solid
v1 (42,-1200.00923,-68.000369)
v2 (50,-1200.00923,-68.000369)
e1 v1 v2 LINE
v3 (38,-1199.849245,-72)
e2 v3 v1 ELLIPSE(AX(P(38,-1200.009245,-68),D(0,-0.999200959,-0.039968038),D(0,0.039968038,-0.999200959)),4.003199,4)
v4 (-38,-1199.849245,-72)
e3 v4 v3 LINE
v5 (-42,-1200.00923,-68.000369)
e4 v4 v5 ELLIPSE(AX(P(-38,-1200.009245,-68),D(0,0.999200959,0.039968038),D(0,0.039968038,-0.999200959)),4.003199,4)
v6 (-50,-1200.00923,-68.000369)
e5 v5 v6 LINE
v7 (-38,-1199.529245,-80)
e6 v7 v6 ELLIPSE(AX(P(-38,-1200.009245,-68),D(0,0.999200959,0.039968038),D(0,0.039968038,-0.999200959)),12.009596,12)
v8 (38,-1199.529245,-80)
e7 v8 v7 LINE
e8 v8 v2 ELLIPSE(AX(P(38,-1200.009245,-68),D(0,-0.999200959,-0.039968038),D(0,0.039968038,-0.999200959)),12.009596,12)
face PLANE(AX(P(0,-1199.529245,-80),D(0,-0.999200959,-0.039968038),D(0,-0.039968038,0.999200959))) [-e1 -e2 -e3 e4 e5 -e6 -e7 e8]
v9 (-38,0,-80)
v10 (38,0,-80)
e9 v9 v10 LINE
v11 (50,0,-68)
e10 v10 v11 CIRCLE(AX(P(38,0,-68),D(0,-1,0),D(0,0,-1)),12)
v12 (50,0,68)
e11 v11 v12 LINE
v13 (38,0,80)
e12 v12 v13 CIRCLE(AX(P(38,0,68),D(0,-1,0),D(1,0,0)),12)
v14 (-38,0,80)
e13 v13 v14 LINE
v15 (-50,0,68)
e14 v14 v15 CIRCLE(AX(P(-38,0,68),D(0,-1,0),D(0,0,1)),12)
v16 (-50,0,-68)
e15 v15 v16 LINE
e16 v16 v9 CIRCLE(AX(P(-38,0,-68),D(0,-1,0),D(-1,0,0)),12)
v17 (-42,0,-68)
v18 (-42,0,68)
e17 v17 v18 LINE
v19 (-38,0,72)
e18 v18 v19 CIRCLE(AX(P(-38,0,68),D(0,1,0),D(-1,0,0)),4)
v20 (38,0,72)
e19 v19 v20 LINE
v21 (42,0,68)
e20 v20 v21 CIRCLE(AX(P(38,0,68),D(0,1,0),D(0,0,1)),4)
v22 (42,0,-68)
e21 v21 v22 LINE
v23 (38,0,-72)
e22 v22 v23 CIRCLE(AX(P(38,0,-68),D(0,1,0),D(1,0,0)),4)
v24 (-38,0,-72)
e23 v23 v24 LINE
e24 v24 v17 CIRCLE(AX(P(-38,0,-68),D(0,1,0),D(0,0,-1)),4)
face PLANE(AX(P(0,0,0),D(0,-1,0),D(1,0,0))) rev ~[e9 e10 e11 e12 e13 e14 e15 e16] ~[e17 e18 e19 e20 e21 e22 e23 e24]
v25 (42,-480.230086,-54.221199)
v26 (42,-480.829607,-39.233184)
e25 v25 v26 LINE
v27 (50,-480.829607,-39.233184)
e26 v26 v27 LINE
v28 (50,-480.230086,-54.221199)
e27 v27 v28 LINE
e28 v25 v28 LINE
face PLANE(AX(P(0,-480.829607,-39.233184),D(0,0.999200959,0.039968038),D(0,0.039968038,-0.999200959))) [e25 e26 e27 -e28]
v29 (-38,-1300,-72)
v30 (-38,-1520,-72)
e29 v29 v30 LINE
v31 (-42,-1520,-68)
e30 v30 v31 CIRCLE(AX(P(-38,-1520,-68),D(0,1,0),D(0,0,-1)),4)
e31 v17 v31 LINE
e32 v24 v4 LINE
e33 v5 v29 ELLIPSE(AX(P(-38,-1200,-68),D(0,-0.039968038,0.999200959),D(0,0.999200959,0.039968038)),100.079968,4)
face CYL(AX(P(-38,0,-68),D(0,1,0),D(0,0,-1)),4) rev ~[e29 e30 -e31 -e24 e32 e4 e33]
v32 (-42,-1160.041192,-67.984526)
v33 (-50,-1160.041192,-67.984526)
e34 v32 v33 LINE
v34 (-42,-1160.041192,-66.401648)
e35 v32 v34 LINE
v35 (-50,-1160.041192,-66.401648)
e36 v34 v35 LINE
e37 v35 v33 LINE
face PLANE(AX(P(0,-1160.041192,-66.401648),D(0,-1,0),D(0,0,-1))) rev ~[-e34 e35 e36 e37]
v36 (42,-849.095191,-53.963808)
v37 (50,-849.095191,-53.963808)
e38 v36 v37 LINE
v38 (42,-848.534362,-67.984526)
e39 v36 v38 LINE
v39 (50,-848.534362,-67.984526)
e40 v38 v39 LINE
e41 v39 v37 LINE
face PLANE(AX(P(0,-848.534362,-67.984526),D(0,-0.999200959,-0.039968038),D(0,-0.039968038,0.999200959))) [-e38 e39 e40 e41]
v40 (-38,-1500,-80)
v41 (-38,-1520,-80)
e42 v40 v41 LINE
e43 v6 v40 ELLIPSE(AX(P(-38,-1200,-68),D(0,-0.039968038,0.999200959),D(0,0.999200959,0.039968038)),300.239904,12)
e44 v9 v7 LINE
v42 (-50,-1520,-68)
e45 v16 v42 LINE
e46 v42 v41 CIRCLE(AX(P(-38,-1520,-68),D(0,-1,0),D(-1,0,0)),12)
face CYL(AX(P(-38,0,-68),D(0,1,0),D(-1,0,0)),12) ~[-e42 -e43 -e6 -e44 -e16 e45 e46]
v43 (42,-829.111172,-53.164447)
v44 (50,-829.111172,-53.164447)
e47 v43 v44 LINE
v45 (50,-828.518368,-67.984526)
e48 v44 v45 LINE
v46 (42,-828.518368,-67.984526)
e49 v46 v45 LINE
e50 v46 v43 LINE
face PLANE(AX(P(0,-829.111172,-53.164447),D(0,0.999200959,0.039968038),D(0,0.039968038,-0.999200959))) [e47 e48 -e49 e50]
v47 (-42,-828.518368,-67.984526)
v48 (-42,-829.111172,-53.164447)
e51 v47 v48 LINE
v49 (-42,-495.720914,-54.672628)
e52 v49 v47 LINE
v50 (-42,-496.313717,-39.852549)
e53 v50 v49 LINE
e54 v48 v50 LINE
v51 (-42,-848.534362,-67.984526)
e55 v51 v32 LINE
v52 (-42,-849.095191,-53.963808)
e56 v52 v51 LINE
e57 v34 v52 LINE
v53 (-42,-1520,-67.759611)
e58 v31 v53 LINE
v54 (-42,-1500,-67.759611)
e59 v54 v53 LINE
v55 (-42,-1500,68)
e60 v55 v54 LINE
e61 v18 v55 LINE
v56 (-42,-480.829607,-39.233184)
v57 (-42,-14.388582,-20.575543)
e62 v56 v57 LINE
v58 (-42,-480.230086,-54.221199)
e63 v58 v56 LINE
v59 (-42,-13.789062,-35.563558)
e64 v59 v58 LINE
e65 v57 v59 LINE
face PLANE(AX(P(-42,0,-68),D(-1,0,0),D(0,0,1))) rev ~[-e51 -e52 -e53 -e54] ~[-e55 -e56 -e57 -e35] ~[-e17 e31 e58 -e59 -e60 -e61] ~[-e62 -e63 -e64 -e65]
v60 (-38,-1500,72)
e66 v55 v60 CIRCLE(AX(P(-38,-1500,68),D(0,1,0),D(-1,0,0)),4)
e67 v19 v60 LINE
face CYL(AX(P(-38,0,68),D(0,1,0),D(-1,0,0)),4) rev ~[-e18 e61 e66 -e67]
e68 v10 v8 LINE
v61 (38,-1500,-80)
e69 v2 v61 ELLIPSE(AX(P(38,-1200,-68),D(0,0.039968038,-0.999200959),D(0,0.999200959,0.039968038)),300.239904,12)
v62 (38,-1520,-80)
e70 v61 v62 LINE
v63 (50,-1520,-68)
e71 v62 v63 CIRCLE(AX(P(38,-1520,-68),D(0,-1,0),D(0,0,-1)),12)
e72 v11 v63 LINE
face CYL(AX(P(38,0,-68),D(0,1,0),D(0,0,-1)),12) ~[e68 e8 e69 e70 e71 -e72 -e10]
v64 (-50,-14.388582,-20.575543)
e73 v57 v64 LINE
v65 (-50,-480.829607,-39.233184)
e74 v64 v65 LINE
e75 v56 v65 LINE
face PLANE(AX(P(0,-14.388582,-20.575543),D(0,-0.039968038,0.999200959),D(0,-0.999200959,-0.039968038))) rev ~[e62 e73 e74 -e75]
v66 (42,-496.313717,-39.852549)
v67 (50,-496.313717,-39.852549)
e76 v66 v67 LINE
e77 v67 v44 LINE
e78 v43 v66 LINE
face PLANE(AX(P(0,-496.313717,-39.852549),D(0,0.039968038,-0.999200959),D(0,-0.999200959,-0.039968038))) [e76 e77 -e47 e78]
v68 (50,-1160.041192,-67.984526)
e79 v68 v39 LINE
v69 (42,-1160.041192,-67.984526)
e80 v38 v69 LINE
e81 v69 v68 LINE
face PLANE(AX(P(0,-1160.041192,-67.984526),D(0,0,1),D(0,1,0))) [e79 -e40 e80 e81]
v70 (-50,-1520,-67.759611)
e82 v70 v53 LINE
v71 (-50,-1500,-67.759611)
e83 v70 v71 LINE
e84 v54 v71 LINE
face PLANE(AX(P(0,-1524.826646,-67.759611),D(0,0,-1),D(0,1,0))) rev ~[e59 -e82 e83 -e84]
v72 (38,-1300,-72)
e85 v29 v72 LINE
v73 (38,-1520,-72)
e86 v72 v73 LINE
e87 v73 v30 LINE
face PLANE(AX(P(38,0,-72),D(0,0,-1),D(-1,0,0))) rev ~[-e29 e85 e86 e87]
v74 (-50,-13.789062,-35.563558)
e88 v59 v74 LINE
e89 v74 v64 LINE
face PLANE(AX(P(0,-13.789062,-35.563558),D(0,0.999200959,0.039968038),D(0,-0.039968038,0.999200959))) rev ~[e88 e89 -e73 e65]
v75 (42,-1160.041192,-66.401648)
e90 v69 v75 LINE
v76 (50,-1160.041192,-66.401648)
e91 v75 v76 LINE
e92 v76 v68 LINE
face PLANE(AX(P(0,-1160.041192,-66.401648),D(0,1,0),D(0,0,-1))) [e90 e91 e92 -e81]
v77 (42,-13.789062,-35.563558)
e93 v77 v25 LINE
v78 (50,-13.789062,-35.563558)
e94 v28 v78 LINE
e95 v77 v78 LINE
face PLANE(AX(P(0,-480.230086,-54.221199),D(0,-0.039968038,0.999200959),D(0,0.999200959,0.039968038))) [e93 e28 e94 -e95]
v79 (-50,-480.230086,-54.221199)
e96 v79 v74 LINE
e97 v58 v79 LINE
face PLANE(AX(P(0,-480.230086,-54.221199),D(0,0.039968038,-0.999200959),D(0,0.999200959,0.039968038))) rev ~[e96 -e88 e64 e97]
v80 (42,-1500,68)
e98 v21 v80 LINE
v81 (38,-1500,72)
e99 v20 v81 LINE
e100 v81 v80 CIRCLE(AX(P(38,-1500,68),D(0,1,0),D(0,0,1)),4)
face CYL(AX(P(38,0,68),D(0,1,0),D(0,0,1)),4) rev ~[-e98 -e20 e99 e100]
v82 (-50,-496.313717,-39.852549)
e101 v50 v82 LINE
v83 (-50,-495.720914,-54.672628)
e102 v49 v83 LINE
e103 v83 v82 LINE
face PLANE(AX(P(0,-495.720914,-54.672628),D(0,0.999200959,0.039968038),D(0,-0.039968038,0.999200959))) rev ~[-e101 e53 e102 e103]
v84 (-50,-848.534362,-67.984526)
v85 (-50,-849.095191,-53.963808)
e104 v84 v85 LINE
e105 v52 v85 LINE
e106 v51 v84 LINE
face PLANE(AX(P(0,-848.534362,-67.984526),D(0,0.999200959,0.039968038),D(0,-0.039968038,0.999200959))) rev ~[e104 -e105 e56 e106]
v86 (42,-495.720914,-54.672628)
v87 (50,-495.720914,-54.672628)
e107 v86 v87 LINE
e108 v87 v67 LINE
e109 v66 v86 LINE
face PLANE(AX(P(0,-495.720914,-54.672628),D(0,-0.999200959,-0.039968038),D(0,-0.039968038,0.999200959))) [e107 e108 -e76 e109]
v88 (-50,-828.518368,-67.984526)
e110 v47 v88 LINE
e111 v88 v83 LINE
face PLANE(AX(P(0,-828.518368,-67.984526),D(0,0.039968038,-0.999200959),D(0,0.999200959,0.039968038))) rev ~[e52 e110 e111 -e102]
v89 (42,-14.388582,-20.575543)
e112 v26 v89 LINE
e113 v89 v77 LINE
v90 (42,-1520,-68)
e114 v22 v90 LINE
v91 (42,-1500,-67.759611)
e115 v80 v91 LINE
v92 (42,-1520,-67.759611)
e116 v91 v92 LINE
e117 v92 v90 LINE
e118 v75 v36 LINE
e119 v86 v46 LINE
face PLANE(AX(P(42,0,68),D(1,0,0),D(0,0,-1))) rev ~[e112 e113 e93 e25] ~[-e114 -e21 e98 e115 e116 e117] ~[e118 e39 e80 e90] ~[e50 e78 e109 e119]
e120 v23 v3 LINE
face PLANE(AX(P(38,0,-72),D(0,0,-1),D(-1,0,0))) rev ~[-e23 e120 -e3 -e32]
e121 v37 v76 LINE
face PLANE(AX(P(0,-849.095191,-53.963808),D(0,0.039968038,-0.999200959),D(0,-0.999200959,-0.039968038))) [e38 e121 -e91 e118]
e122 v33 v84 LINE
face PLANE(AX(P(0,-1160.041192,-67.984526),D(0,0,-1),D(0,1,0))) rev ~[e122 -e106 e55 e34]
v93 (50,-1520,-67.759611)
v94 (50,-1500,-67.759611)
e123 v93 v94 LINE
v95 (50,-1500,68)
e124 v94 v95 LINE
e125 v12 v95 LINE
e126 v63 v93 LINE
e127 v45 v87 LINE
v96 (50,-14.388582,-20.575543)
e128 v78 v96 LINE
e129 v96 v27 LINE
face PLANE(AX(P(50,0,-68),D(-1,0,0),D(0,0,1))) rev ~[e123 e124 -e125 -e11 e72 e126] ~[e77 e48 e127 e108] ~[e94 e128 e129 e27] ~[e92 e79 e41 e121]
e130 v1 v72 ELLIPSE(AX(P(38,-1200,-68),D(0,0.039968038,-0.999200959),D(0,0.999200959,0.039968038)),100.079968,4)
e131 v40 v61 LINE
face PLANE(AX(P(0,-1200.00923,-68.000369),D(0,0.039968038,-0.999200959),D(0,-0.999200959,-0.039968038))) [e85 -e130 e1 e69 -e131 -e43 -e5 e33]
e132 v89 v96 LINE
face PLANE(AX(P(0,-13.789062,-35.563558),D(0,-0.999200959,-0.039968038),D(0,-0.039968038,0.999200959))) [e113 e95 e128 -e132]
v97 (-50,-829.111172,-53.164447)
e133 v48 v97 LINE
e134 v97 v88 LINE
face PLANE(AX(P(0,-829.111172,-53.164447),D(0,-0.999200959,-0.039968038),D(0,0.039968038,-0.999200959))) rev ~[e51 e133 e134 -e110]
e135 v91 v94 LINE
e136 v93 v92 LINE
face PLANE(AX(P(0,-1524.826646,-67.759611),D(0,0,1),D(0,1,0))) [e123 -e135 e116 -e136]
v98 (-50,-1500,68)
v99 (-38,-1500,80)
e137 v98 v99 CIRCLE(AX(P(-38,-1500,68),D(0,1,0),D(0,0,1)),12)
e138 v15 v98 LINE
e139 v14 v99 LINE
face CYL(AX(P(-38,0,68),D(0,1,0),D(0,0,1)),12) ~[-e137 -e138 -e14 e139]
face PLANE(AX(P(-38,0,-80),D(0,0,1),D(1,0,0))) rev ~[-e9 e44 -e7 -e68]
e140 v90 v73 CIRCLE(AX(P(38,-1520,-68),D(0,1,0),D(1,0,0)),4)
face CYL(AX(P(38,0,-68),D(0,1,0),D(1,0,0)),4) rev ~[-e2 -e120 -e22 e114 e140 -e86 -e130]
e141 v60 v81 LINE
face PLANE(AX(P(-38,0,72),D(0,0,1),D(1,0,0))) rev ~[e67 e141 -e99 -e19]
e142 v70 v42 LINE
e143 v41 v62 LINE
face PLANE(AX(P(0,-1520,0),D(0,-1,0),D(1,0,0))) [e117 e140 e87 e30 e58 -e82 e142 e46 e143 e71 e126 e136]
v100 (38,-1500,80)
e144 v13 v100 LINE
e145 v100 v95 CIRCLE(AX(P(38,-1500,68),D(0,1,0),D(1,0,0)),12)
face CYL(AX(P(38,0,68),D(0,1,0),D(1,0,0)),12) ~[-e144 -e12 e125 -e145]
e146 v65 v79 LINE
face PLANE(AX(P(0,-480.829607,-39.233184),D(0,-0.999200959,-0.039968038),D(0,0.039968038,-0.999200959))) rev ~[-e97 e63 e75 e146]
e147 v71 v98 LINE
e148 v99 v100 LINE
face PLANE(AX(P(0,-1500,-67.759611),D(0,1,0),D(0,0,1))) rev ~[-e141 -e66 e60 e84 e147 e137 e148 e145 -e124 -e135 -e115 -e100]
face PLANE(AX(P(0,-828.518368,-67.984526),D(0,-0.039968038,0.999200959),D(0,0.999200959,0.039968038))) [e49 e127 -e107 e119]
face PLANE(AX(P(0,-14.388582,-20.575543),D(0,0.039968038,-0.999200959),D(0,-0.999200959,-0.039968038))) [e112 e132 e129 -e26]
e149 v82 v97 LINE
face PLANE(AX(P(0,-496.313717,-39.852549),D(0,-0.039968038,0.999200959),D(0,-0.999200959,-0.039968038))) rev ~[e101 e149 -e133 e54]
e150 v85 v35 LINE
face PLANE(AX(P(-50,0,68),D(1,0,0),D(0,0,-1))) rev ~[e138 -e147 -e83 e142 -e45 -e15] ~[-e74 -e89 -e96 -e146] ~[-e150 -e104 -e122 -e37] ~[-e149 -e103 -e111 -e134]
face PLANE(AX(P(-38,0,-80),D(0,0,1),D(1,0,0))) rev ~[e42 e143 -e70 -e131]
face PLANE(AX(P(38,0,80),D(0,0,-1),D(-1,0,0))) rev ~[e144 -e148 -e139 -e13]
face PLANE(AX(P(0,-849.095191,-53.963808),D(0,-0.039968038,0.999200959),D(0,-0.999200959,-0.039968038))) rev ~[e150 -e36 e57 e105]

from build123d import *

# Parameters (mm, degrees)
F1_DEPTH      = 1520
F2_W          = 24.8266458511
F2_H          = 153.1557589769
F3_DEPTH      = 50.001
F3_DEPTH_BACK = 50.001


with BuildPart() as f1:
    # F0 (on Front) → F1 (new body)
    with BuildSketch(Plane.XZ):
        with BuildLine():
            Line((38, 80), (-38, 80))
            ThreePointArc((-38, 80), (-46.4852813742, 76.4852813742), (-50, 68))
            Line((-50, 68), (-50, -68))
            ThreePointArc((-50, -68), (-46.4852813742, -76.4852813742), (-38, -80))
            Line((-38, -80), (38, -80))
            ThreePointArc((38, -80), (46.4852813742, -76.4852813742), (50, -68))
            Line((50, -68), (50, 68))
            ThreePointArc((50, 68), (46.4852813742, 76.4852813742), (38, 80))
        make_face()
        with BuildLine():
            ThreePointArc((38, 72), (40.8284271247, 70.8284271247), (42, 68))
            Line((42, 68), (42, -68))
            ThreePointArc((42, -68), (40.8284271247, -70.8284271247), (38, -72))
            Line((38, -72), (-38, -72))
            ThreePointArc((-38, -72), (-40.8284271247, -70.8284271247), (-42, -68))
            Line((-42, -68), (-42, 68))
            ThreePointArc((-42, 68), (-40.8284271247, 70.8284271247), (-38, 72))
            Line((-38, 72), (38, 72))
        make_face(mode=Mode.SUBTRACT)
    extrude(amount=F1_DEPTH)

    # F2 (on Right) → F3 (cut, two sides)
    with BuildSketch(Plane.YZ) as f3_sk:
        Polygon((-829.1111716331, -53.1644468653), (-828.5183684688, -67.9845259717), (-495.7209135938, -54.6726277767), (-496.313716758, -39.8525486703), align=None)
        Polygon((-1160.0411917113, -67.9845259717), (-1159.9778765791, -67.9845259717), (-1160.0411917113, -66.4016476685), align=None)
        Polygon((-1160.0411917113, -66.4016476685), (-1159.9778765791, -67.9845259717), (-848.5343620739, -67.9845259717), (-849.0951908075, -53.9638076323), align=None)
        Polygon((-1200.0092300601, -68.0003692024), (-1500, -80), (-1199.5292448282, -80), align=None)
        Polygon((-14.3885822452, -20.5755432898), (-480.8296066956, -39.2331842678), (-480.2300861203, -54.2211986487), (-13.78906167, -35.5635576706), align=None)
        with Locations((-1512.4133229256, 8.8182687759)):
            Rectangle(F2_W, F2_H)
    extrude(amount=-F3_DEPTH, mode=Mode.SUBTRACT)
    extrude(f3_sk.sketch, amount=F3_DEPTH_BACK, mode=Mode.SUBTRACT)


solid = f1.part
